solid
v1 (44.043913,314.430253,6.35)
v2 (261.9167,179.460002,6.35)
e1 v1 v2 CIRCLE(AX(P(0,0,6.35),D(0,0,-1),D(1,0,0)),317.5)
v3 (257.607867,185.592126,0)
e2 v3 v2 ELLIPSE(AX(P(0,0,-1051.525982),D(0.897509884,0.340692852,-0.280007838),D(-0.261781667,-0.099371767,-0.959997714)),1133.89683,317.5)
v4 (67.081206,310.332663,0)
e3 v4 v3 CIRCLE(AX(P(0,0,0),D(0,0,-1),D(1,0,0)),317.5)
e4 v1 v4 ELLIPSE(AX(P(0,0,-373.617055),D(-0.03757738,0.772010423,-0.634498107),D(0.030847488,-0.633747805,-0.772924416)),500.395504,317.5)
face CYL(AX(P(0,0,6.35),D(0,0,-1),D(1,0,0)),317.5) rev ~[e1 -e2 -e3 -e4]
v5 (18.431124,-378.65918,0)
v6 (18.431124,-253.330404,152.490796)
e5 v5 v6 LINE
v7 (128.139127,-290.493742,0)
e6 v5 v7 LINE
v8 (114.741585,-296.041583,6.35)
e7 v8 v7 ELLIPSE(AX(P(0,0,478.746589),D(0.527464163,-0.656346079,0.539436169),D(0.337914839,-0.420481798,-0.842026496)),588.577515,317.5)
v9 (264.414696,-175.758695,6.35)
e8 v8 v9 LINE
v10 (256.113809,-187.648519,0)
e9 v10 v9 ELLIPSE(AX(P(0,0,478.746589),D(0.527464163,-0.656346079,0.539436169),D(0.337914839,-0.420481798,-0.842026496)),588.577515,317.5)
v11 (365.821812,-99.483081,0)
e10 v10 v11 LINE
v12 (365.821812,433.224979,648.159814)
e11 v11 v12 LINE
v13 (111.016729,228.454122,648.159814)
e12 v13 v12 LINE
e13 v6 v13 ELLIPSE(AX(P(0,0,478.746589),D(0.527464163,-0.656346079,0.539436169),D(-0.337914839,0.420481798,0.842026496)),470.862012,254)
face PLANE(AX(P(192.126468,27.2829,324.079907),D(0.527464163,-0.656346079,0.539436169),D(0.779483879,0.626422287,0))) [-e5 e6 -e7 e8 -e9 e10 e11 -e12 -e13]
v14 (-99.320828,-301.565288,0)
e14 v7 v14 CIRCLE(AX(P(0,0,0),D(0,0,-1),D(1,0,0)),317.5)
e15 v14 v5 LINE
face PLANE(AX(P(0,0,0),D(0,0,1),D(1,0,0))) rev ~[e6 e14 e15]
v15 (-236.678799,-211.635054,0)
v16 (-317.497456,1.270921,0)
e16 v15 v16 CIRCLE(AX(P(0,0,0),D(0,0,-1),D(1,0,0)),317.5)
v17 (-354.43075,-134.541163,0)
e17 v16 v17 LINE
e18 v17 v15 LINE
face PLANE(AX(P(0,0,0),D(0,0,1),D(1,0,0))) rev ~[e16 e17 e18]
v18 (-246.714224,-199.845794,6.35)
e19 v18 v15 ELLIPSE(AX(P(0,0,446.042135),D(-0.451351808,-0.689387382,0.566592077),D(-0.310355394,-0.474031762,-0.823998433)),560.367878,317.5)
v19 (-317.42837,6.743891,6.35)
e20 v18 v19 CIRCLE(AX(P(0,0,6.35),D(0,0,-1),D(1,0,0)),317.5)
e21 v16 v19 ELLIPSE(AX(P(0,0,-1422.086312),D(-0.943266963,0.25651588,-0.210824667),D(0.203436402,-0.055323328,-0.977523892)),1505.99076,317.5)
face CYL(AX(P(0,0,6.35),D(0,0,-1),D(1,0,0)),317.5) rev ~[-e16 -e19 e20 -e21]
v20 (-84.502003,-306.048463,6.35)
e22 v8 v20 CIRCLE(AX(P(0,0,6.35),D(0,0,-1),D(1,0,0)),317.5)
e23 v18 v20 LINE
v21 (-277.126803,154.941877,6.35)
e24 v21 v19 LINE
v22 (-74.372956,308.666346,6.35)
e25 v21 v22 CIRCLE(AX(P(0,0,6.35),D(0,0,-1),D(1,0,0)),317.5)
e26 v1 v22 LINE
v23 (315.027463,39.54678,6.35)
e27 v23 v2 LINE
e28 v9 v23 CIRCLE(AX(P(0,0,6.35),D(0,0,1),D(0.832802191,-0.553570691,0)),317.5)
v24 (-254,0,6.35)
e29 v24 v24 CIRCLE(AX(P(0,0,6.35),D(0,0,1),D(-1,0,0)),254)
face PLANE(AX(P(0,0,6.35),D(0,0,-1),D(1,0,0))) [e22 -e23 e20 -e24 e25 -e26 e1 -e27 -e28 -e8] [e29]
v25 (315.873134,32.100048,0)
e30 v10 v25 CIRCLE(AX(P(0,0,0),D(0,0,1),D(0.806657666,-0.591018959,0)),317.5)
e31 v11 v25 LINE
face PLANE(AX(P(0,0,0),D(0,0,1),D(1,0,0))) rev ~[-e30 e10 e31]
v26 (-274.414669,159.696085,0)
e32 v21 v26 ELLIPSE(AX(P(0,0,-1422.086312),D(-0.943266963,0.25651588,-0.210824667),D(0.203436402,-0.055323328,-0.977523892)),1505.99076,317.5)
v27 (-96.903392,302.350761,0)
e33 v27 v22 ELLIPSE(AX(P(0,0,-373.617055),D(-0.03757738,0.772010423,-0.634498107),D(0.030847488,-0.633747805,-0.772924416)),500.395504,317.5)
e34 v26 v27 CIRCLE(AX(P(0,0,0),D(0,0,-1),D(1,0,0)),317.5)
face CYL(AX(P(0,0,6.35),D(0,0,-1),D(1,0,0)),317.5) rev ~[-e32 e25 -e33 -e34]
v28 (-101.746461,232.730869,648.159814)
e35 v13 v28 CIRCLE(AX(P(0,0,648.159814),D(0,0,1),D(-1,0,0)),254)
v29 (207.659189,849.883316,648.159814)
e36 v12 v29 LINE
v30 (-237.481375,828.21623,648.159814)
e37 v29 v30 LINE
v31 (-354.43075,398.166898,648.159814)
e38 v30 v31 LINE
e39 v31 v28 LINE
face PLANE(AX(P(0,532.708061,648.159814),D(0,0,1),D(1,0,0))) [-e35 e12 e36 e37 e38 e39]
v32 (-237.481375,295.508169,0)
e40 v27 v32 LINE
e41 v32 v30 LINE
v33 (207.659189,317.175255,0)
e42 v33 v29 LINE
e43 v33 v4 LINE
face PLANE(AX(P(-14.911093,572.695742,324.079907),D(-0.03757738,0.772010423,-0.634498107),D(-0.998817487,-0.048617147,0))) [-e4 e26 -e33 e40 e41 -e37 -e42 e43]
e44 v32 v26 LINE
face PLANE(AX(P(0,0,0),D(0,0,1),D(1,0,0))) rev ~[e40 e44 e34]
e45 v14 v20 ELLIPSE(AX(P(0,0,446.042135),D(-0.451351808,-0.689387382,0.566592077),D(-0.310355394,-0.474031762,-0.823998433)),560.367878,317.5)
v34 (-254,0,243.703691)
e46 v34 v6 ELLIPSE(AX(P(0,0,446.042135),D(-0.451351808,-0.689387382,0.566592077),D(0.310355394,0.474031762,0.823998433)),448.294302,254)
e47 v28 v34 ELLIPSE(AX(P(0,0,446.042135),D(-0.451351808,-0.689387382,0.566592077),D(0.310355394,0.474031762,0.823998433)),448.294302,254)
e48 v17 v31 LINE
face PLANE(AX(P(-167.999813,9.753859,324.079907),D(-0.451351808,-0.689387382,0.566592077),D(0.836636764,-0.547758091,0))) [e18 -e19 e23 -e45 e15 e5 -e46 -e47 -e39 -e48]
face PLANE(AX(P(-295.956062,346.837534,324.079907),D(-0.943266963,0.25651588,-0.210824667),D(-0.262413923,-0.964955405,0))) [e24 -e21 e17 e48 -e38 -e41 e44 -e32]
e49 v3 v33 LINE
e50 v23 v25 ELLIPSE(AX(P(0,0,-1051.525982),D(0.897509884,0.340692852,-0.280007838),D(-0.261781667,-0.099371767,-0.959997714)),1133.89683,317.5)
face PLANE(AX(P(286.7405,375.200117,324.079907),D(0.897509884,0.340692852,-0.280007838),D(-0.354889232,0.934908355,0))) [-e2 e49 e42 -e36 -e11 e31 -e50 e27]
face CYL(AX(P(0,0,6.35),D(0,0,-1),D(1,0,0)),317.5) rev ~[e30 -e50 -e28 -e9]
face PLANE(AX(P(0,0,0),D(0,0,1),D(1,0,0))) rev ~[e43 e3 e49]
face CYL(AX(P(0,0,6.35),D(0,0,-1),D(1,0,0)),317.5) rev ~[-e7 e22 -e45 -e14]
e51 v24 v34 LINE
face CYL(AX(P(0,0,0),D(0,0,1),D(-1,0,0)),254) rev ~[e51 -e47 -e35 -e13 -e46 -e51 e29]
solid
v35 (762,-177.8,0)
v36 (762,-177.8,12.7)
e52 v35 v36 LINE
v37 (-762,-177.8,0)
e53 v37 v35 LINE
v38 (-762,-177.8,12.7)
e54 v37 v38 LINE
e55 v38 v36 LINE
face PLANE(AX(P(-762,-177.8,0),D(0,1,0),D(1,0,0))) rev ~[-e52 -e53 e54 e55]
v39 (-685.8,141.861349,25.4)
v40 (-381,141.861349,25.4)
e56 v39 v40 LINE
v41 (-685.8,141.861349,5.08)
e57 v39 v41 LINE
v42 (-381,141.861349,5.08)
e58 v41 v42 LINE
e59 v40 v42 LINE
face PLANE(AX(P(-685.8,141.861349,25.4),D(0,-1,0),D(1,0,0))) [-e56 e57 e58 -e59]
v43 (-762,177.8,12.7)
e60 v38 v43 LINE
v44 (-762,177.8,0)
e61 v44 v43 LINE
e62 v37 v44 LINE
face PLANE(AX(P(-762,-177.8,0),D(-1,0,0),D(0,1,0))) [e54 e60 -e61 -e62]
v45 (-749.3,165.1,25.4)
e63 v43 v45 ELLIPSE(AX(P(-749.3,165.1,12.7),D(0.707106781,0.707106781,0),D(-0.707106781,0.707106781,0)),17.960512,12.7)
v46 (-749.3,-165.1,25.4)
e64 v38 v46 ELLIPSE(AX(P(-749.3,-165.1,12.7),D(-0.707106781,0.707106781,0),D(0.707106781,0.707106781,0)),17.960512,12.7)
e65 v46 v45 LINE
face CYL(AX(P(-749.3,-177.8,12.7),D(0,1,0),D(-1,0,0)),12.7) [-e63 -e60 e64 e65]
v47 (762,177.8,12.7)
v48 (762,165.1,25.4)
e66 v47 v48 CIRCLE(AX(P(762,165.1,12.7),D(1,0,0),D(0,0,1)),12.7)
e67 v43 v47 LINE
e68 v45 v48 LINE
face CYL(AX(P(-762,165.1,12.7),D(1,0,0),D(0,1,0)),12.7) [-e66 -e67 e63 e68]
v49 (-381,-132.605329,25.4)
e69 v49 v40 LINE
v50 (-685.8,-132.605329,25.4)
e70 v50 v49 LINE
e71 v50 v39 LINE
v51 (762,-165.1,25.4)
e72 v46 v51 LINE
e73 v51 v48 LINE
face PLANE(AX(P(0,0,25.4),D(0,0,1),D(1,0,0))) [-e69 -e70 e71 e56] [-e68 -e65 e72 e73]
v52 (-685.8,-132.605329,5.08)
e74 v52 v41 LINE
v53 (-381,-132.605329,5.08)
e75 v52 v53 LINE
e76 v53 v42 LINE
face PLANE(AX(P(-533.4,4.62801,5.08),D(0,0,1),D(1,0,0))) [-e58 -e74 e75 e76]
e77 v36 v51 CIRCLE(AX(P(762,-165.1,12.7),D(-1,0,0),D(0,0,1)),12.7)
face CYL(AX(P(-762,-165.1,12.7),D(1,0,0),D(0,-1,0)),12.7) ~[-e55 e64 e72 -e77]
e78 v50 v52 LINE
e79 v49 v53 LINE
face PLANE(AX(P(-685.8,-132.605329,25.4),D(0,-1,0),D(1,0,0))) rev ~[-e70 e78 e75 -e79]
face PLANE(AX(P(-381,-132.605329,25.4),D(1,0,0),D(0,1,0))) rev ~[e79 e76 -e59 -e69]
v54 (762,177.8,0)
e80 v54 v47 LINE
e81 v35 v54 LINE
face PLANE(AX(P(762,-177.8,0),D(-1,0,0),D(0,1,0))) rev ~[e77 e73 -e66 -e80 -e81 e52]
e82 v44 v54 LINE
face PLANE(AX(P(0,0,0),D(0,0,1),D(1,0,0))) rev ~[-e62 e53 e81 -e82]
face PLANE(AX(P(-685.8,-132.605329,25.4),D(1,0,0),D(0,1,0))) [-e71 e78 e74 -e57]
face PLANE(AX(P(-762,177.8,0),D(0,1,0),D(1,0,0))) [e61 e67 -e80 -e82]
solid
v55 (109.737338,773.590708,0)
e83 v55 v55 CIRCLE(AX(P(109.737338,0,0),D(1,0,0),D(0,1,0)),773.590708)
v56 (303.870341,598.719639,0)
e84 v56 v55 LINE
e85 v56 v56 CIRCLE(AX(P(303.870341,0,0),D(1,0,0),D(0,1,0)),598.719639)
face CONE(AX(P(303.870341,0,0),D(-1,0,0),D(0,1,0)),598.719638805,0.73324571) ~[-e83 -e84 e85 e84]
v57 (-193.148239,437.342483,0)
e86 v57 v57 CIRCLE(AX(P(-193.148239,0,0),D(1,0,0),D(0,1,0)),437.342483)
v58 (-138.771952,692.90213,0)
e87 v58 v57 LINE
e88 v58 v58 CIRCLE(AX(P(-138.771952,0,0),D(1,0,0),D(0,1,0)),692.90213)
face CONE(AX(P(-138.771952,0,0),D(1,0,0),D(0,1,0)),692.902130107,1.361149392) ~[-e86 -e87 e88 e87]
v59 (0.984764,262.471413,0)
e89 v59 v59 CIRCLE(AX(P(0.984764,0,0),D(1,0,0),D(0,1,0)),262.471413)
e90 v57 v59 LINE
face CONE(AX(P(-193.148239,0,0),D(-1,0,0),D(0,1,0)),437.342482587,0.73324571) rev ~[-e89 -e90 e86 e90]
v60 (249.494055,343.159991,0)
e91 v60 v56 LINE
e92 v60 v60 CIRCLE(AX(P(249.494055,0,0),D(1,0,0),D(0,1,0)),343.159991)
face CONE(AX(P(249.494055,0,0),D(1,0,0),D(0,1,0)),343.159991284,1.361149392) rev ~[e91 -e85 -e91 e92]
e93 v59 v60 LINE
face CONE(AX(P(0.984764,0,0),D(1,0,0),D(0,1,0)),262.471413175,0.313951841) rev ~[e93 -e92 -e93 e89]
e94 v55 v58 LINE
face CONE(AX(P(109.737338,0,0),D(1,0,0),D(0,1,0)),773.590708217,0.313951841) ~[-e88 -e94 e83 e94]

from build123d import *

# Parameters (mm, degrees)
F0_W            = 1524
F0_H            = 355.6
F1_DEPTH        = 25.4
F2_W            = 304.8
F2_H            = 274.4666785002
F3_DEPTH        = 20.32
F4_R            = 12.7
F10_D           = 508
F10_CBORE_D     = 635
F10_CBORE_DEPTH = 6.35


with BuildPart() as f1:
    # F0 (on Top) → F1 (new body)
    with BuildSketch(Plane.XY):
        Rectangle(F0_W, F0_H)
    extrude(amount=F1_DEPTH)

    # F2 (on face) → F3 (cut)
    with BuildSketch(Plane.XY.offset(25.4)):
        with Locations((-533.4, 4.6280100942)):
            Rectangle(F2_W, F2_H)
    extrude(amount=-F3_DEPTH, mode=Mode.SUBTRACT)

    # F4
    f4_edges = [f1.edges().sort_by_distance(p)[0] for p in [
        (0, -177.8, 25.4),
        (-762, 0, 25.4),
        (0, 177.8, 25.4),
    ]]
    fillet(f4_edges, radius=F4_R)


with BuildPart() as f6:
    # F5 (on Top) → F6 (revolve)
    with BuildSketch(Plane.XY):
        Polygon((249.4940546944, 343.159991284), (303.8703414009, 598.7196388048), (109.7373378189, 773.5907082165), (-138.7719524696, 692.9021301073), (-193.148239176, 437.3424825865), (0.984764406, 262.4714131748), align=None)
    revolve(axis=Axis((532.8862667084, 0, 0), (1, 0, 0)))


with BuildPart() as f9:
    # F9: sweep along a path in F8
    with BuildLine(Plane.YZ) as f9_path:
        Line((0, 0), (532.7080605955, 648.1598140979))
    # F7 (on Top) → F9 (sweep)
    with BuildSketch(Plane.XY):
        Polygon((18.4311241139, -378.6591803821), (365.821811534, -99.483081123), (207.6591892402, 317.1752549426), (-237.4813745074, 295.5081690679), (-354.4307503808, -134.5411625054), align=None)
    sweep(path=f9_path.line)

    # F10 (through all)
    with Locations(Plane(origin=(0, 0, 0), x_dir=(1, 0, 0), z_dir=(0, 0, -1))):
        with Locations((0, 0)):
            CounterBoreHole(F10_D / 2, F10_CBORE_D / 2, F10_CBORE_DEPTH)


solid = Compound([f1.part, f6.part, f9.part])
